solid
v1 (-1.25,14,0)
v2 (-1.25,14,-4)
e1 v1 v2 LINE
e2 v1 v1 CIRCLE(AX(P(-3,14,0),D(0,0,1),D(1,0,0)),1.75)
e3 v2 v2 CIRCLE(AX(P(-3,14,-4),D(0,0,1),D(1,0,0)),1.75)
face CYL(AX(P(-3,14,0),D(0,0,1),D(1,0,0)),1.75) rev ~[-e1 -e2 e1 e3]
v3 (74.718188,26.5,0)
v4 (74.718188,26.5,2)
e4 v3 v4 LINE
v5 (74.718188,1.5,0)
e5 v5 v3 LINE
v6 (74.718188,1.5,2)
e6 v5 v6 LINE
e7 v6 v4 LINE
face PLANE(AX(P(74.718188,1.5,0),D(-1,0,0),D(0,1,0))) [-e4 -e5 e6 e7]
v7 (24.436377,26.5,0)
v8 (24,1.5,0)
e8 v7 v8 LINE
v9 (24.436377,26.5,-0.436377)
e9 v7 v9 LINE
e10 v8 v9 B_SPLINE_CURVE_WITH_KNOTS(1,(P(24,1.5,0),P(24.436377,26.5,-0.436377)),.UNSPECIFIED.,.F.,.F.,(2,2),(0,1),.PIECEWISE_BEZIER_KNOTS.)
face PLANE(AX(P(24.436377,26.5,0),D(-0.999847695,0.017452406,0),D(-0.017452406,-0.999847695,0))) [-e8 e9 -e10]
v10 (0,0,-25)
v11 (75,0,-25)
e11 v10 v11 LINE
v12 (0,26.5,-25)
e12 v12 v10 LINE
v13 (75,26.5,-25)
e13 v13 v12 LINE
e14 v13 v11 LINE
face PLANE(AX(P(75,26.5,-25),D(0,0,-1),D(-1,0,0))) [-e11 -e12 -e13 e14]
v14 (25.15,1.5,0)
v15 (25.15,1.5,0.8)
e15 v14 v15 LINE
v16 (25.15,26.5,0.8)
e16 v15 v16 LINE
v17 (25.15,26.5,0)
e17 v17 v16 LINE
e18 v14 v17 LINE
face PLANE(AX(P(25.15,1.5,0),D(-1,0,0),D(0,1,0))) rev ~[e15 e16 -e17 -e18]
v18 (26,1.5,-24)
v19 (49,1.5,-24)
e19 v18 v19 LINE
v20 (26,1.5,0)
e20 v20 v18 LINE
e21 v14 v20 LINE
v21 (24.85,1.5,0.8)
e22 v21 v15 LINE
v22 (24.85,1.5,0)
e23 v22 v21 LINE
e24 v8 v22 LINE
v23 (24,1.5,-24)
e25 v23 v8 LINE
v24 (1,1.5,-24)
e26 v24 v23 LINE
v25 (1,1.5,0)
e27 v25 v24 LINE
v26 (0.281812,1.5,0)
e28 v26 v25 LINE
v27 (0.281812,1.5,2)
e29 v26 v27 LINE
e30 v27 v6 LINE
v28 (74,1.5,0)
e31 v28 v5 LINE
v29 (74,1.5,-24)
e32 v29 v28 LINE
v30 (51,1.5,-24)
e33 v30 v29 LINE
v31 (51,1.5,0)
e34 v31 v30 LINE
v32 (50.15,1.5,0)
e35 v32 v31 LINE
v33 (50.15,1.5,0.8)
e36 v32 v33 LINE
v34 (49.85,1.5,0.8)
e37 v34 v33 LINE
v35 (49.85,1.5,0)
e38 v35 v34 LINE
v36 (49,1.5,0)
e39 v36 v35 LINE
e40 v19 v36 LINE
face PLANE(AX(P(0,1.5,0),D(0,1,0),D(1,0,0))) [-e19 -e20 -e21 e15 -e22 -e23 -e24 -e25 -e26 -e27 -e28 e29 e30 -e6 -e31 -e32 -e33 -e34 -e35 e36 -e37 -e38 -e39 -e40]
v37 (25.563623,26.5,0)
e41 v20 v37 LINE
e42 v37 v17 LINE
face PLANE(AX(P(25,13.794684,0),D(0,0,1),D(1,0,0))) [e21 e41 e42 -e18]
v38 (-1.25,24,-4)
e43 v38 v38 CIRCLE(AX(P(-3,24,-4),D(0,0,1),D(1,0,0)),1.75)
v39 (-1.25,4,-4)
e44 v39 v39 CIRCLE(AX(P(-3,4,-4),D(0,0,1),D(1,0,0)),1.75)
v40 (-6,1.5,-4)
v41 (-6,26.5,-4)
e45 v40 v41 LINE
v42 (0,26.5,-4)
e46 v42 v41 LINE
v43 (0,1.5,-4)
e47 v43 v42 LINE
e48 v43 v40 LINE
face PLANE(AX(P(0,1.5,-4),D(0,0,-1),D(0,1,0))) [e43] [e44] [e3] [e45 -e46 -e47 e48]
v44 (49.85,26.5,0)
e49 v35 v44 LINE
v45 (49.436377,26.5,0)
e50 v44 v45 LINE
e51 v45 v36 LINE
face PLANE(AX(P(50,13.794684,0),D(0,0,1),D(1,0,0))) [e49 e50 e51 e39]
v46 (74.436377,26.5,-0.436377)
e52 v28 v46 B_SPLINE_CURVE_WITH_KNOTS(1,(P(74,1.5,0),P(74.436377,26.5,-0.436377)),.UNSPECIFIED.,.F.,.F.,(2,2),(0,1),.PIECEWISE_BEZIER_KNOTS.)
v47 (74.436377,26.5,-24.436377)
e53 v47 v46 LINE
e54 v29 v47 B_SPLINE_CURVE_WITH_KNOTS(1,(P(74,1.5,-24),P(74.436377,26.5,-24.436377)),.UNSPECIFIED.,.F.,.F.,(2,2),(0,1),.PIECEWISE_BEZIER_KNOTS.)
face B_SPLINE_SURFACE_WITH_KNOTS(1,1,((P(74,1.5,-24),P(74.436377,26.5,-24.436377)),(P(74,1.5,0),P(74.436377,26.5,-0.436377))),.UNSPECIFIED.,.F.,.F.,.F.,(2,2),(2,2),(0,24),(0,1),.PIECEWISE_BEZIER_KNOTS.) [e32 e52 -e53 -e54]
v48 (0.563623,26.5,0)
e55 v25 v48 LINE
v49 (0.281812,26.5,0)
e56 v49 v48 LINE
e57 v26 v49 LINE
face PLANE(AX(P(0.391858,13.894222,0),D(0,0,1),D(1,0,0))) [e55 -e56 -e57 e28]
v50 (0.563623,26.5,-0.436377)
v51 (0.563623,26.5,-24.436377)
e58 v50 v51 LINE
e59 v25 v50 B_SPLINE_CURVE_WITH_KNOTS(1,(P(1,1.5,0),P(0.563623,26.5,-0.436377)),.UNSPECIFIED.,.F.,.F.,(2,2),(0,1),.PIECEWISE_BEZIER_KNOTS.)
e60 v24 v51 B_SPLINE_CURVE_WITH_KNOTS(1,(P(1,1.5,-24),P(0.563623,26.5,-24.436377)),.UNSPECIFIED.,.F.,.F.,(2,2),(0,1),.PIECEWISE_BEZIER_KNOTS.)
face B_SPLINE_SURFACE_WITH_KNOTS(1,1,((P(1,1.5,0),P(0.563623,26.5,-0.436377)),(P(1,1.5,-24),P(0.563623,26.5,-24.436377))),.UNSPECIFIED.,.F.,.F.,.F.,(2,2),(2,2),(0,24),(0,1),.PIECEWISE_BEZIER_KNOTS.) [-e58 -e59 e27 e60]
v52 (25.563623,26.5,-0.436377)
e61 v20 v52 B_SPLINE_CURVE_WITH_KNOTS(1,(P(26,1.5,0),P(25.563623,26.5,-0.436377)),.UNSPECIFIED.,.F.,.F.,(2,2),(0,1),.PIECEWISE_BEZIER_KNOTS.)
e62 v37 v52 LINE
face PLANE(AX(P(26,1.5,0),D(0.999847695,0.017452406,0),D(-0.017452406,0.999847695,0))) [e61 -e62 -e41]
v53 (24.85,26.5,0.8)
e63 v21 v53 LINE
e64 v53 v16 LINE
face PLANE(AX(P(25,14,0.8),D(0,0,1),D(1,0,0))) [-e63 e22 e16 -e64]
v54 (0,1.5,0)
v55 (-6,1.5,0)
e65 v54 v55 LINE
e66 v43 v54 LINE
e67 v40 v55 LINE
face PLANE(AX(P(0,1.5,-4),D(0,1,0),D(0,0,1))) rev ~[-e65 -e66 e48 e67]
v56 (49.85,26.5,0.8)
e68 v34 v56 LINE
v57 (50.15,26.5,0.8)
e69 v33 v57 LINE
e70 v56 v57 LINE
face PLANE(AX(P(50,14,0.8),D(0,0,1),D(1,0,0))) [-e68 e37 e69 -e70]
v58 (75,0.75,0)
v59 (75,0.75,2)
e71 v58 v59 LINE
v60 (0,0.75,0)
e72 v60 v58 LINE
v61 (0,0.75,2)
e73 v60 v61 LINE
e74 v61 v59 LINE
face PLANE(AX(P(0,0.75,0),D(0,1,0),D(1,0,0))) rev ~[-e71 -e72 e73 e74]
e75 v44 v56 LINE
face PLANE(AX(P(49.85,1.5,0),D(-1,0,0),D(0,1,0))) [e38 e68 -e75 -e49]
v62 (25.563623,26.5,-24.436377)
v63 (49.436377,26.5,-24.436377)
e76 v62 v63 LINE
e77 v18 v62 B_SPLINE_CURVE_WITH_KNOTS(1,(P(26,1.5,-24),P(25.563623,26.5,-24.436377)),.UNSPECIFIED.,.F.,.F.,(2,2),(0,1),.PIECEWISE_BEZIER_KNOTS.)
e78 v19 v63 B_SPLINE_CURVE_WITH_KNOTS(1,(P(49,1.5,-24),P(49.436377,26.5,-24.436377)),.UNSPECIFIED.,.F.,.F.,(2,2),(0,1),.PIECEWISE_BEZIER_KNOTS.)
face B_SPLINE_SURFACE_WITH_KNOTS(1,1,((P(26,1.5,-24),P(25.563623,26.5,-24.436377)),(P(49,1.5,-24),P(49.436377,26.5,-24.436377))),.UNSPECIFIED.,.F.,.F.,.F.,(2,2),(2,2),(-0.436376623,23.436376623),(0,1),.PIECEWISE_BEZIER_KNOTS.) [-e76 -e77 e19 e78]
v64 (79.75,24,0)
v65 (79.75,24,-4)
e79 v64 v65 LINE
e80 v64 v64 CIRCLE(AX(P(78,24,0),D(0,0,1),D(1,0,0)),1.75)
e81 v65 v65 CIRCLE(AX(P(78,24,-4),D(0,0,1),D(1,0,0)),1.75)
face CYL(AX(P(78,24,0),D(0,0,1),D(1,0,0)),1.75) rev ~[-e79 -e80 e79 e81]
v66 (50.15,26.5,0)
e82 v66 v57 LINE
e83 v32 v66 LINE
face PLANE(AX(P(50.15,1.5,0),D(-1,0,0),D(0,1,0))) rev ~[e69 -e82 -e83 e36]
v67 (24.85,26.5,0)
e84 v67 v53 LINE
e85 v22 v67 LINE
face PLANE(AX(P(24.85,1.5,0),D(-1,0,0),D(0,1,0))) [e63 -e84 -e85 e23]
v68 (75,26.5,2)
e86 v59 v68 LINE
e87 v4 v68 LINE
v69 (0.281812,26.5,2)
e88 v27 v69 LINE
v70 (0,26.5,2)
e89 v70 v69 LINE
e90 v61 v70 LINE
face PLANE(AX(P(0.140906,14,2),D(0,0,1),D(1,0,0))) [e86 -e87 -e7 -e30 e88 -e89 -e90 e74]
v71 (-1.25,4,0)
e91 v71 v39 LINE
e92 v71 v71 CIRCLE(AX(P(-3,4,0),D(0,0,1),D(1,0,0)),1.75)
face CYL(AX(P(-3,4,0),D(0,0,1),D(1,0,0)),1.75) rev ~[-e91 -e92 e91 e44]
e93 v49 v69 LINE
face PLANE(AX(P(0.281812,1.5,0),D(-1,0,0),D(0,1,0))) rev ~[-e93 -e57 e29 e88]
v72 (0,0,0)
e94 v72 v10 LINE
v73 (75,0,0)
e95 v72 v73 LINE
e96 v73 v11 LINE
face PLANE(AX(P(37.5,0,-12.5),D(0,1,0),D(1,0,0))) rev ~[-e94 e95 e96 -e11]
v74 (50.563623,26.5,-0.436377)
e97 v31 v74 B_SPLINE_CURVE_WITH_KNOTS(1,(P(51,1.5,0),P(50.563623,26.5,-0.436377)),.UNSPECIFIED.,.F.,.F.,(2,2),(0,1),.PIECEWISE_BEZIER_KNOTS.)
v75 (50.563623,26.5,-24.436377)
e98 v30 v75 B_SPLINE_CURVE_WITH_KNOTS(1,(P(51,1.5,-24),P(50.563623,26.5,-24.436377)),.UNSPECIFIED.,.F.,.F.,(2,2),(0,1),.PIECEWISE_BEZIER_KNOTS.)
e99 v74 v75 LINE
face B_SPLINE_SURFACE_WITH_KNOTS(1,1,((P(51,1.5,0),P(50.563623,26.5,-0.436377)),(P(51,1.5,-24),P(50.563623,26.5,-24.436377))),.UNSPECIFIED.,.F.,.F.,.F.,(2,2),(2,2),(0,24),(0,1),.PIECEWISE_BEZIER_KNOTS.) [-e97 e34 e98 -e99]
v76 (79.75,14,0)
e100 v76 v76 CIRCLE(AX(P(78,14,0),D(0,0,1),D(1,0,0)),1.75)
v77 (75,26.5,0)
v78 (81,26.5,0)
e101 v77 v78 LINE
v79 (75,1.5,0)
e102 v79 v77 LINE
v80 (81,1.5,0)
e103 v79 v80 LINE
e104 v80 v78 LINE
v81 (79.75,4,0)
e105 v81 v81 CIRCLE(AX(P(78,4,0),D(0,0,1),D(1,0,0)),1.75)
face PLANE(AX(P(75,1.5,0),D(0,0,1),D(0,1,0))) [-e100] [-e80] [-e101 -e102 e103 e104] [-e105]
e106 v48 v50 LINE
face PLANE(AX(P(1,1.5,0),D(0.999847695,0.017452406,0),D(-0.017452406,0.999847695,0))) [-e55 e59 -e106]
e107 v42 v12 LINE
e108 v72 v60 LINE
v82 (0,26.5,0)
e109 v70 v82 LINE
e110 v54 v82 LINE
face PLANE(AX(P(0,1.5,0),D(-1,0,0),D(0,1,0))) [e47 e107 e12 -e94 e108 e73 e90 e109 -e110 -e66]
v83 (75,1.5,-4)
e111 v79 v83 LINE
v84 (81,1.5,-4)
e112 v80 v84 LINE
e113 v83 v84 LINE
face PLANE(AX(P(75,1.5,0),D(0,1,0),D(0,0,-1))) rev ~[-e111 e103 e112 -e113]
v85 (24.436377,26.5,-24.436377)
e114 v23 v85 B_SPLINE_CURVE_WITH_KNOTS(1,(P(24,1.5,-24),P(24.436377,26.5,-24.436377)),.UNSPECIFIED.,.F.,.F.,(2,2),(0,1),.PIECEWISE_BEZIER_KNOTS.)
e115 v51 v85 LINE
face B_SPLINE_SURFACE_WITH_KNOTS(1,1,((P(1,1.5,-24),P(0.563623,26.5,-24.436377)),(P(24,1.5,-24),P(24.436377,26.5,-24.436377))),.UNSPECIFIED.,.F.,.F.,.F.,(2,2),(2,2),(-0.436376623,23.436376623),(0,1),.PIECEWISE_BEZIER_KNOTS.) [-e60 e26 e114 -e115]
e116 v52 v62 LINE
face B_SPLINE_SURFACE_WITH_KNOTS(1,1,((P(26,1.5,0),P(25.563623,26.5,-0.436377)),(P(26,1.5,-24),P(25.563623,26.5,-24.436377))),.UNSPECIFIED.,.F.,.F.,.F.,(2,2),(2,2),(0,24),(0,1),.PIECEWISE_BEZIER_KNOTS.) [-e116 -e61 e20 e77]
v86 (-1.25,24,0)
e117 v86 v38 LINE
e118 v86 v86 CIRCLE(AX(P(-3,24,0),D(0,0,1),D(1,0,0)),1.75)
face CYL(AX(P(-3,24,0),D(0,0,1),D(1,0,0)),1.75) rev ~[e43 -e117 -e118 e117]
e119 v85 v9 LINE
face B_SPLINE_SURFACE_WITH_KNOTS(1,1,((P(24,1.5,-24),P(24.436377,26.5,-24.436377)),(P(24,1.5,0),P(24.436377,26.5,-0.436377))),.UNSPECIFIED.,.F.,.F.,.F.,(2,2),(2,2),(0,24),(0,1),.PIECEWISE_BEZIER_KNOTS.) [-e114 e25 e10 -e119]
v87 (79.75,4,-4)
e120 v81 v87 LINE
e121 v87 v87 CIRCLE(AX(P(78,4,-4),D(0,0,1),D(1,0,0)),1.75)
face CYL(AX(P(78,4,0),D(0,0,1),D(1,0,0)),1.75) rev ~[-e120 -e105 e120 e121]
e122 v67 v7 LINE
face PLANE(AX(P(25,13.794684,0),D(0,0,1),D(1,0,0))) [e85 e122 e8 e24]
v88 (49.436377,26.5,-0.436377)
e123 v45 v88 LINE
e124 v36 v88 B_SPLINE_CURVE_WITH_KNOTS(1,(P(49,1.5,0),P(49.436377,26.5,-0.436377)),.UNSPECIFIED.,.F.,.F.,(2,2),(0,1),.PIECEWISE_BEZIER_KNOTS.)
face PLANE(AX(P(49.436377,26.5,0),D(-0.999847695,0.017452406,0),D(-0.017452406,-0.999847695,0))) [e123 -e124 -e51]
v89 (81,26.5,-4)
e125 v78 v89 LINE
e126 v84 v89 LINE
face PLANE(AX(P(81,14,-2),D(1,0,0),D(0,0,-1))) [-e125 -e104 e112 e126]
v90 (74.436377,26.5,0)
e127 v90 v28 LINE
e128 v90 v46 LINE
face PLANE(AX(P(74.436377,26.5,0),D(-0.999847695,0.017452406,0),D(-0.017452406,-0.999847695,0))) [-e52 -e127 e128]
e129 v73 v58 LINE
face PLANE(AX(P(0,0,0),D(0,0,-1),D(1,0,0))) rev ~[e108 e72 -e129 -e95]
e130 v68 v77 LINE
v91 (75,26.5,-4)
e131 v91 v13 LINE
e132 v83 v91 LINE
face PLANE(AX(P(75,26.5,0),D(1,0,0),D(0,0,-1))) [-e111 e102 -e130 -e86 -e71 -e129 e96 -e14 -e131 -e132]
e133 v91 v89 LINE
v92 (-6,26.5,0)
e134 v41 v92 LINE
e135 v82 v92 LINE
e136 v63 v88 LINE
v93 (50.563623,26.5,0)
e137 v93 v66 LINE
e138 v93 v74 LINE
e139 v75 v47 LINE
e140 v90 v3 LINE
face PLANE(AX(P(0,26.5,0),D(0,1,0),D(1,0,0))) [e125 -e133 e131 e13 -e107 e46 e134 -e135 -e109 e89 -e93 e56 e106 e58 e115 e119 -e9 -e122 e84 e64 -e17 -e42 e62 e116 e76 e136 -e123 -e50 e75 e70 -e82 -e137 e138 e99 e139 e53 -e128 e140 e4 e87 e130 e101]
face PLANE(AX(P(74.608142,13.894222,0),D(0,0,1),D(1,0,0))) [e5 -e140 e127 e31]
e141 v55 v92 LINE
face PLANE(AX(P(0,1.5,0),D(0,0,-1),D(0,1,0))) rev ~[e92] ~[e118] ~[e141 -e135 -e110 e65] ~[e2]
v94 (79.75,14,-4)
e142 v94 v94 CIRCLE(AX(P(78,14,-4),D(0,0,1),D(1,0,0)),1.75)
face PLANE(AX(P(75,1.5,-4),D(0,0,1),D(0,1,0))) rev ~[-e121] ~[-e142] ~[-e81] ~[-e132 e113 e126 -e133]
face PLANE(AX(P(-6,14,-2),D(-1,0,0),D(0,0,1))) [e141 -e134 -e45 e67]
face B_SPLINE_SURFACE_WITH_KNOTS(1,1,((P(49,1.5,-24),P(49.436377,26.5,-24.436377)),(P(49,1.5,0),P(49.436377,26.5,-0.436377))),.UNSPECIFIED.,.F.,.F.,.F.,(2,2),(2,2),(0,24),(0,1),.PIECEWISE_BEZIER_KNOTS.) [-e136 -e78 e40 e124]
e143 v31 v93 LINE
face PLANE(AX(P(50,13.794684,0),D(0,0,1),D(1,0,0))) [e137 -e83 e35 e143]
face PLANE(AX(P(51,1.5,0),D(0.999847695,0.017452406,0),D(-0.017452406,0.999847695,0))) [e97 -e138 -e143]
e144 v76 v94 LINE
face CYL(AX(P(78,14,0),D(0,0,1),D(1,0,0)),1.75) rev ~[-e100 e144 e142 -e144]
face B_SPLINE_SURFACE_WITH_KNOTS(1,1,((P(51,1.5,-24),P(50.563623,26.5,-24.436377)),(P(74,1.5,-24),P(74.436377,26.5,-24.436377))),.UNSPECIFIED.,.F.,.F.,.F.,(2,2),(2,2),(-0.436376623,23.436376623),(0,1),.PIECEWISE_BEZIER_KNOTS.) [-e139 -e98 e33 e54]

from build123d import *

# Parameters (mm, degrees)
SKETCH2_W            = 75
SKETCH2_H            = 25
BOSS_EXTRUDE1_DEPTH  = 1.5
BOSS_EXTRUDE5_DEPTH  = 25
BOSS_EXTRUDE5_TAPER  = 1
SKETCH6_W            = 75
SKETCH6_H            = 0.75
BOSS_EXTRUDE6_DEPTH  = 2
BOSS_EXTRUDE7_REACH  = 85.38
BOSS_EXTRUDE8_DEPTH  = 0.436377
SKETCH10_W           = 0.281811688
SKETCH10_H           = 25
BOSS_EXTRUDE9_DEPTH  = 2
SKETCH13_W           = 4
SKETCH13_H           = 25
BOSS_EXTRUDE10_DEPTH = 6
SKETCH14_W           = 4
SKETCH14_H           = 25
BOSS_EXTRUDE11_DEPTH = 6
SKETCH15_R           = 1.75
CUT_EXTRUDE1_DEPTH   = 6
SKETCH16_W           = 0.3
SKETCH16_H           = 25
BOSS_EXTRUDE12_DEPTH = 0.8


with BuildPart() as part:
    # Sketch2 → Boss-Extrude1 (new body)
    with BuildSketch(Plane(origin=(0, 0, 0), x_dir=(1, 0, 0), z_dir=(0, 1, 0))):
        with Locations((37.5, 12.5)):
            Rectangle(SKETCH2_W, SKETCH2_H)
    extrude(amount=BOSS_EXTRUDE1_DEPTH)

    # Sketch4 → Boss-Extrude5 (add)
    with BuildSketch(Plane(origin=(0, 1.5, 0), x_dir=(1, 0, 0), z_dir=(0, 1, 0))):
        Polygon((24, 25), (0, 25), (0, 0), (1, 0), (1, 24), (24, 24), (24, 0), (26, 0), (26, 24), (49, 24), (49, 0), (51, 0), (51, 24), (74, 24), (74, 0), (75, 0), (75, 25), (51, 25), (49, 25), (26, 25), align=None)
    extrude(amount=BOSS_EXTRUDE5_DEPTH, taper=BOSS_EXTRUDE5_TAPER)

    # Sketch6 → Boss-Extrude6 (add)
    with BuildSketch(Plane.XY):
        with Locations((37.5, 1.125)):
            Rectangle(SKETCH6_W, SKETCH6_H)
    extrude(amount=BOSS_EXTRUDE6_DEPTH)

    # Boss-Extrude7: up to this face of the body (flat: up to its plane)
    boss_extrude7_end = Plane(part.part.faces().sort_by_distance((37.5, 1.5, -10.920265781))[0])
    # Sketch8 → Boss-Extrude7 (add, up to the picked face)
    with BuildSketch(Plane(origin=(0, 26.5, 0), x_dir=(1, 0, 0), z_dir=(0, 1, 0)), mode=Mode.PRIVATE) as boss_extrude7_sk1:
        Polygon((0, 25), (0, 0), (0.436376623, 0.436376623), (0.436376623, 24.563623377), (74.563623377, 24.563623377), (74.563623377, 0.436376623), (75, 0), (75, 25), align=None)
    boss_extrude7_tool1 = split(extrude(boss_extrude7_sk1.sketch, amount=-BOSS_EXTRUDE7_REACH, mode=Mode.PRIVATE), bisect_by=boss_extrude7_end, keep=Keep.BOTH, mode=Mode.PRIVATE)
    add(boss_extrude7_tool1.solids().sort_by(Axis((0.079057, 26.5, -12.5), (0, -1, 0)))[0])

    # Sketch9 → Boss-Extrude8 (add)
    with BuildSketch(Plane(origin=(0, 0, 0), x_dir=(-1, 0, 0), z_dir=(0, 0, -1))):
        Polygon((-75, 1.5), (-75, 26.5), (-74.563623377, 26.5), (-74.436376623, 26.5), (-74, 1.5), align=None)
        Polygon((-49, 1.5), (-51, 1.5), (-50.563623377, 26.5), (-49.436376623, 26.5), align=None)
        Polygon((-0.436376623, 26.5), (0, 26.5), (0, 1.5), (-1, 1.5), (-0.563623377, 26.5), align=None)
        Polygon((-24, 1.5), (-26, 1.5), (-25.563623377, 26.5), (-24.436376623, 26.5), align=None)
    extrude(amount=BOSS_EXTRUDE8_DEPTH)

    # Sketch10 → Boss-Extrude9 (add)
    with BuildSketch(Plane.XY):
        with Locations((0.140905844, 14)):
            Rectangle(SKETCH10_W, SKETCH10_H)
        with Locations((74.859094156, 14)):
            Rectangle(SKETCH10_W, SKETCH10_H)
    extrude(amount=BOSS_EXTRUDE9_DEPTH)

    # Sketch13 → Boss-Extrude10 (add)
    with BuildSketch(Plane.ZY):
        with Locations((-2, 14)):
            Rectangle(SKETCH13_W, SKETCH13_H)
    extrude(amount=BOSS_EXTRUDE10_DEPTH)

    # Sketch14 → Boss-Extrude11 (add)
    with BuildSketch(Plane(origin=(75, 0, 0), x_dir=(0, 0, -1), z_dir=(1, 0, 0))):
        with Locations((2, 14)):
            Rectangle(SKETCH14_W, SKETCH14_H)
    extrude(amount=BOSS_EXTRUDE11_DEPTH)

    # Sketch15 → Cut-Extrude1 (cut)
    with BuildSketch(Plane.XY):
        with Locations((-3, 24)):
            Circle(SKETCH15_R)
        with Locations((78, 24)):
            Circle(SKETCH15_R)
        with Locations((-3, 14)):
            Circle(SKETCH15_R)
        with Locations((-3, 4)):
            Circle(SKETCH15_R)
        with Locations((78, 14)):
            Circle(SKETCH15_R)
        with Locations((78, 4)):
            Circle(SKETCH15_R)
    extrude(amount=-CUT_EXTRUDE1_DEPTH, mode=Mode.SUBTRACT)

    # Sketch16 → Boss-Extrude12 (add)
    with BuildSketch(Plane.XY):
        with Locations((25, 14)):
            Rectangle(SKETCH16_W, SKETCH16_H)
        with Locations((50, 14)):
            Rectangle(SKETCH16_W, SKETCH16_H)
    extrude(amount=BOSS_EXTRUDE12_DEPTH)


solid = part.part
